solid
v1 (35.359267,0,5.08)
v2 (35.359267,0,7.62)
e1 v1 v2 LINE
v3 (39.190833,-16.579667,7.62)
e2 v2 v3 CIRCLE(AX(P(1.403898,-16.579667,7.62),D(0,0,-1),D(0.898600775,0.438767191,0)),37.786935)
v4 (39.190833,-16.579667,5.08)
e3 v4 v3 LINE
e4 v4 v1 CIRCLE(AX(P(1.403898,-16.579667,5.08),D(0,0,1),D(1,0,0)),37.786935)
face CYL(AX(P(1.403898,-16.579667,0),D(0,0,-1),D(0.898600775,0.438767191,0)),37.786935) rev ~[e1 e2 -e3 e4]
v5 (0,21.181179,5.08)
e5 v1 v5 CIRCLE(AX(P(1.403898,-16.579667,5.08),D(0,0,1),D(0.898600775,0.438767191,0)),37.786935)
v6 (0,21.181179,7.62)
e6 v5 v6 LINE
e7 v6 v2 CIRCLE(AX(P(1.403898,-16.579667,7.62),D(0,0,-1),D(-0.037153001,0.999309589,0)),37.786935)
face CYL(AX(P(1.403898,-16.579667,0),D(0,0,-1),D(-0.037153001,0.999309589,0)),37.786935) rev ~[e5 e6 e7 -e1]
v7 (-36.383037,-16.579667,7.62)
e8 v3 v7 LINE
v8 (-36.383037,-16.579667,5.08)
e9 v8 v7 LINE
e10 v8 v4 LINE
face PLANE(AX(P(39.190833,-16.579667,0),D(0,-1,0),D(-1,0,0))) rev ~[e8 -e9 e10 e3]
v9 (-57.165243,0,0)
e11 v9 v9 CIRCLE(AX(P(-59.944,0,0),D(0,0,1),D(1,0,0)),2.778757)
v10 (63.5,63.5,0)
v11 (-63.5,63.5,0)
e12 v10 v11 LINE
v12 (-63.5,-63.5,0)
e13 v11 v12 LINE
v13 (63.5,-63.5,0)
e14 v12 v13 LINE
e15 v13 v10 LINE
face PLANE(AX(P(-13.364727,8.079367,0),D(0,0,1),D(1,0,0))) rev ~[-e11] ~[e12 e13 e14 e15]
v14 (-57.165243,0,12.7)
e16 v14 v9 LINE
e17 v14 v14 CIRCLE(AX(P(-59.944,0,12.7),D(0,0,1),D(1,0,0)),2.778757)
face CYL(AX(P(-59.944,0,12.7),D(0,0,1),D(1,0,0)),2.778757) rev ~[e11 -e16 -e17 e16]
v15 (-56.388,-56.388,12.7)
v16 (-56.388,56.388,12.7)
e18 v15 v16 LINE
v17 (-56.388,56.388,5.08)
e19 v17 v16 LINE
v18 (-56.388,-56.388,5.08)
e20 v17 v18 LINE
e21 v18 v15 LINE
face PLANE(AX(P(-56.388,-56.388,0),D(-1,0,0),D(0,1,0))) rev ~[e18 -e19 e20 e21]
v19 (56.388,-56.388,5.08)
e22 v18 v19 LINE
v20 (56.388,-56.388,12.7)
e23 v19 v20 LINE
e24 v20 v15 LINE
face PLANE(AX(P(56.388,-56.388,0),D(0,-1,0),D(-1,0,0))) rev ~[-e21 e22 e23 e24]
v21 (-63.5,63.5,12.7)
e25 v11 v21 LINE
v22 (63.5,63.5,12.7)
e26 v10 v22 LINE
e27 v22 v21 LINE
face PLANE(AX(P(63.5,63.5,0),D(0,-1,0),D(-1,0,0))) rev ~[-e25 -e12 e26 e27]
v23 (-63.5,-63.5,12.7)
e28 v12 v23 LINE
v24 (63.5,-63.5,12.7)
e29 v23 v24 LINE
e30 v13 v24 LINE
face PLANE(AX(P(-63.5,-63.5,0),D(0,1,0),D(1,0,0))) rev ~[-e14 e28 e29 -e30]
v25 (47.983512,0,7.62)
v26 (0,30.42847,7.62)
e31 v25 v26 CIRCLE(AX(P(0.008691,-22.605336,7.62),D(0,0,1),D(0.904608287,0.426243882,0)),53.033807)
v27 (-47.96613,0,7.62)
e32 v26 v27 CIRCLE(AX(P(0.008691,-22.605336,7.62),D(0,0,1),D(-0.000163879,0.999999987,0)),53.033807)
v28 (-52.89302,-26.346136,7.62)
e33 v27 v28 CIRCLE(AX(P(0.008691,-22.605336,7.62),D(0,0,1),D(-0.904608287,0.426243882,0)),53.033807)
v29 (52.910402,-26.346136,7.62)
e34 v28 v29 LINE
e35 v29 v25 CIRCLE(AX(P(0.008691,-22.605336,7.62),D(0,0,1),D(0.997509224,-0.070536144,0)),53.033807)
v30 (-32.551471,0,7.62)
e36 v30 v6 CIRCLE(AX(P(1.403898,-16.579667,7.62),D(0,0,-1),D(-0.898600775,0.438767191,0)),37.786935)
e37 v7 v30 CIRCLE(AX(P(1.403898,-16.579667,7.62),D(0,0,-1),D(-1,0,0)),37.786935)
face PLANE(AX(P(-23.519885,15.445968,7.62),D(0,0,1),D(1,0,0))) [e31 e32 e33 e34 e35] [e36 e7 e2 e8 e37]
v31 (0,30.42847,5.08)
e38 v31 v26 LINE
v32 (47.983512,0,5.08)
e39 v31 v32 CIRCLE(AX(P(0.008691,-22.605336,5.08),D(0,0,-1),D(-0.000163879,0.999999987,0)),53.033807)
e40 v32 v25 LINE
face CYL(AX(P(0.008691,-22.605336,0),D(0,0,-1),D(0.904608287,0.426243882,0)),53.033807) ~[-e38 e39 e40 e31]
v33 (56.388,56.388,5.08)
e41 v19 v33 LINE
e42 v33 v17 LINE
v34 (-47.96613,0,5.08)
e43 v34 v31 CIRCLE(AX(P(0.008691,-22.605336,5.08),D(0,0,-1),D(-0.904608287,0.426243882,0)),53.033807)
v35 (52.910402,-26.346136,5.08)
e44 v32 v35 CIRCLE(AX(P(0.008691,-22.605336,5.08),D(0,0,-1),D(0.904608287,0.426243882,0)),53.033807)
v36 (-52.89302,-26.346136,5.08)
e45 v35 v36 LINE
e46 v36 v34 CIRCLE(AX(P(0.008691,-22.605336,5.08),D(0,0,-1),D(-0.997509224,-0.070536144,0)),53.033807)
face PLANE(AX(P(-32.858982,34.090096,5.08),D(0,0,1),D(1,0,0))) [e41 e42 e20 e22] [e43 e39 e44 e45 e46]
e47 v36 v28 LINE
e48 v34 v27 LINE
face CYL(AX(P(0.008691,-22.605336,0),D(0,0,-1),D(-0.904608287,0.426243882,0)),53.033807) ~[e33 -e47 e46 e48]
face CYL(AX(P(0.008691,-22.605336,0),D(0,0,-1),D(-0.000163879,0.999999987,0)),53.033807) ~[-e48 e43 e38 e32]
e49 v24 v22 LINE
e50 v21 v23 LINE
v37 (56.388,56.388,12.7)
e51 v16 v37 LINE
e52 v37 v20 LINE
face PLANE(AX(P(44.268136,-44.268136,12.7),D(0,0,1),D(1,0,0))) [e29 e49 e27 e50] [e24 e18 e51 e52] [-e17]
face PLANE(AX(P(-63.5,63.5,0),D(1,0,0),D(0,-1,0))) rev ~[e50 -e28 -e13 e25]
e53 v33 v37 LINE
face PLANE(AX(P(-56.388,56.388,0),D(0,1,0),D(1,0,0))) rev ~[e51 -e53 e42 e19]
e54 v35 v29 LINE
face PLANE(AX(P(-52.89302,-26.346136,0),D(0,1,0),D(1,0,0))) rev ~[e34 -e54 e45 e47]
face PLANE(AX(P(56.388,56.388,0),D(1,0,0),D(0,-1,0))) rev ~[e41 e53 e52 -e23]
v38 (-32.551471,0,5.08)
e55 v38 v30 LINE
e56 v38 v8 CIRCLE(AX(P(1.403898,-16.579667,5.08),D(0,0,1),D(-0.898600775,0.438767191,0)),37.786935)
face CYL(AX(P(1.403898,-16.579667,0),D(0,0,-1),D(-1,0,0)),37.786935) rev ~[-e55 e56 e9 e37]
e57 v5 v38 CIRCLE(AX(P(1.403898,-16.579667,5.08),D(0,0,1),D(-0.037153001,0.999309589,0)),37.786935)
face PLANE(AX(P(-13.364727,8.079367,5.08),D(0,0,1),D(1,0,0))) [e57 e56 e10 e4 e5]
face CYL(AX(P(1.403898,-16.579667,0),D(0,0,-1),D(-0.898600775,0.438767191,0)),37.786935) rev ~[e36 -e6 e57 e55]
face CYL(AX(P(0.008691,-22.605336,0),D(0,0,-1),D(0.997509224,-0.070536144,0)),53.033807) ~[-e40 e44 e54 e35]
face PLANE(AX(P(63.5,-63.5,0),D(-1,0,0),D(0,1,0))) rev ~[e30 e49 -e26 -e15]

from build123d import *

# Parameters (mm, degrees)
F1_DEPTH = 12.7
F2_DEPTH = 5.08
F3_DEPTH = 7.62
F4_DEPTH = 5.08
F6_DEPTH = 25.4


with BuildPart() as f1:
    # F0 (on Top) → F1 (new body)
    with BuildSketch(Plane.XY):
        Polygon((56.388, -56.388), (0, -56.388), (0, -63.5), (63.5, -63.5), (63.5, 0), (56.388, 0), align=None)
        Polygon((0, -63.5), (0, -56.388), (-56.388, -56.388), (-56.388, 0), (-56.388, 56.388), (0, 56.388), (0, 63.5), (-63.5, 63.5), (-63.5, 0), (-63.5, -63.5), align=None)
        Polygon((0, 63.5), (0, 56.388), (56.388, 56.388), (56.388, 0), (63.5, 0), (63.5, 63.5), align=None)
    extrude(amount=F1_DEPTH)

    # F0 (on Top) → F2 (join)
    with BuildSketch(Plane.XY):
        with BuildLine():
            ThreePointArc((-47.9661298667, 0), (-28.400414984, 22.1775554869), (0, 30.4284702836))
            Line((0, 30.4284702836), (0, 56.388))
            Line((0, 56.388), (-56.388, 56.388))
            Line((-56.388, 56.388), (-56.388, 0))
            Line((-56.388, 0), (-47.9661298667, 0))
        make_face()
        with BuildLine():
            Line((0, 56.388), (0, 30.4284702836))
            ThreePointArc((0, 30.4284702836), (28.4104578527, 22.1822105281), (47.9835120713, 0))
            Line((47.9835120713, 0), (56.388, 0))
            Line((56.388, 0), (56.388, 56.388))
            Line((56.388, 56.388), (0, 56.388))
        make_face()
        with BuildLine():
            Line((52.9104024172, -26.3461358845), (0, -26.3461358845))
            Line((0, -26.3461358845), (0, -56.388))
            Line((0, -56.388), (56.388, -56.388))
            Line((56.388, -56.388), (56.388, 0))
            Line((56.388, 0), (47.9835120713, 0))
            ThreePointArc((47.9835120713, 0), (52.1388015032, -12.8566826028), (52.9104024172, -26.3461358845))
        make_face()
        with BuildLine():
            Line((0, -56.388), (0, -26.3461358845))
            Line((0, -26.3461358845), (-52.8930202127, -26.3461358845))
            ThreePointArc((-52.8930202127, -26.3461358845), (-52.1214192987, -12.8566826028), (-47.9661298667, 0))
            Line((-47.9661298667, 0), (-56.388, 0))
            Line((-56.388, 0), (-56.388, -56.388))
            Line((-56.388, -56.388), (0, -56.388))
        make_face()
    extrude(amount=F2_DEPTH)

    # F0 (on Top) → F3 (join)
    with BuildSketch(Plane.XY):
        with BuildLine():
            ThreePointArc((-32.5514706385, 0), (-19.2050810918, 15.0924405208), (0, 21.181178901))
            Line((0, 21.181178901), (0, 30.4284702836))
            ThreePointArc((0, 30.4284702836), (-28.400414984, 22.1775554869), (-47.9661298667, 0))
            Line((-47.9661298667, 0), (-32.5514706385, 0))
        make_face()
        with BuildLine():
            Line((0, -26.3461358845), (0, -16.5796671063))
            Line((0, -16.5796671063), (-36.3830365241, -16.5796671063))
            ThreePointArc((-36.3830365241, -16.5796671063), (-35.412685982, -8.0713438506), (-32.5514706385, 0))
            Line((-32.5514706385, 0), (-47.9661298667, 0))
            ThreePointArc((-47.9661298667, 0), (-52.1214192987, -12.8566826028), (-52.8930202127, -26.3461358845))
            Line((-52.8930202127, -26.3461358845), (0, -26.3461358845))
        make_face()
        with BuildLine():
            Line((39.1908325255, -16.5796671063), (0, -16.5796671063))
            Line((0, -16.5796671063), (0, -26.3461358845))
            Line((0, -26.3461358845), (52.9104024172, -26.3461358845))
            ThreePointArc((52.9104024172, -26.3461358845), (52.1388015032, -12.8566826028), (47.9835120713, 0))
            Line((47.9835120713, 0), (35.3592666399, 0))
            ThreePointArc((35.3592666399, 0), (38.2204819834, -8.0713438506), (39.1908325255, -16.5796671063))
        make_face()
        with BuildLine():
            Line((0, 30.4284702836), (0, 21.181178901))
            ThreePointArc((0, 21.181178901), (20.8219345928, 15.8362591598), (35.3592666399, 0))
            Line((35.3592666399, 0), (47.9835120713, 0))
            ThreePointArc((47.9835120713, 0), (28.4104578527, 22.1822105281), (0, 30.4284702836))
        make_face()
    extrude(amount=F3_DEPTH)

    # F0 (on Top) → F4 (join)
    with BuildSketch(Plane.XY):
        with BuildLine():
            Line((-32.5514706385, 0), (0, 0))
            Line((0, 0), (0, 21.181178901))
            ThreePointArc((0, 21.181178901), (-19.2050810918, 15.0924405208), (-32.5514706385, 0))
        make_face()
        with BuildLine():
            Line((0, 21.181178901), (0, 0))
            Line((0, 0), (35.3592666399, 0))
            ThreePointArc((35.3592666399, 0), (20.8219345928, 15.8362591598), (0, 21.181178901))
        make_face()
        with BuildLine():
            Line((35.3592666399, 0), (0, 0))
            Line((0, 0), (0, -16.5796671063))
            Line((0, -16.5796671063), (39.1908325255, -16.5796671063))
            ThreePointArc((39.1908325255, -16.5796671063), (38.2204819834, -8.0713438506), (35.3592666399, 0))
        make_face()
        with BuildLine():
            Line((0, -16.5796671063), (0, 0))
            Line((0, 0), (-32.5514706385, 0))
            ThreePointArc((-32.5514706385, 0), (-35.412685982, -8.0713438506), (-36.3830365241, -16.5796671063))
            Line((-36.3830365241, -16.5796671063), (0, -16.5796671063))
        make_face()
    extrude(amount=F4_DEPTH)

    # F5 (on face) → F6 (cut)
    with BuildSketch(Plane.XY.offset(12.7)):
        with BuildLine():
            ThreePointArc((-62.7227567186, 0), (-59.944, -2.7787567186), (-57.1652432814, 0))
            Line((-57.1652432814, 0), (-62.7227567186, 0))
        make_face()
        with BuildLine():
            Line((-62.7227567186, 0), (-57.1652432814, 0))
            ThreePointArc((-57.1652432814, 0), (-59.944, 2.7787567186), (-62.7227567186, 0))
        make_face()
    extrude(amount=-F6_DEPTH, mode=Mode.SUBTRACT)


solid = f1.part
